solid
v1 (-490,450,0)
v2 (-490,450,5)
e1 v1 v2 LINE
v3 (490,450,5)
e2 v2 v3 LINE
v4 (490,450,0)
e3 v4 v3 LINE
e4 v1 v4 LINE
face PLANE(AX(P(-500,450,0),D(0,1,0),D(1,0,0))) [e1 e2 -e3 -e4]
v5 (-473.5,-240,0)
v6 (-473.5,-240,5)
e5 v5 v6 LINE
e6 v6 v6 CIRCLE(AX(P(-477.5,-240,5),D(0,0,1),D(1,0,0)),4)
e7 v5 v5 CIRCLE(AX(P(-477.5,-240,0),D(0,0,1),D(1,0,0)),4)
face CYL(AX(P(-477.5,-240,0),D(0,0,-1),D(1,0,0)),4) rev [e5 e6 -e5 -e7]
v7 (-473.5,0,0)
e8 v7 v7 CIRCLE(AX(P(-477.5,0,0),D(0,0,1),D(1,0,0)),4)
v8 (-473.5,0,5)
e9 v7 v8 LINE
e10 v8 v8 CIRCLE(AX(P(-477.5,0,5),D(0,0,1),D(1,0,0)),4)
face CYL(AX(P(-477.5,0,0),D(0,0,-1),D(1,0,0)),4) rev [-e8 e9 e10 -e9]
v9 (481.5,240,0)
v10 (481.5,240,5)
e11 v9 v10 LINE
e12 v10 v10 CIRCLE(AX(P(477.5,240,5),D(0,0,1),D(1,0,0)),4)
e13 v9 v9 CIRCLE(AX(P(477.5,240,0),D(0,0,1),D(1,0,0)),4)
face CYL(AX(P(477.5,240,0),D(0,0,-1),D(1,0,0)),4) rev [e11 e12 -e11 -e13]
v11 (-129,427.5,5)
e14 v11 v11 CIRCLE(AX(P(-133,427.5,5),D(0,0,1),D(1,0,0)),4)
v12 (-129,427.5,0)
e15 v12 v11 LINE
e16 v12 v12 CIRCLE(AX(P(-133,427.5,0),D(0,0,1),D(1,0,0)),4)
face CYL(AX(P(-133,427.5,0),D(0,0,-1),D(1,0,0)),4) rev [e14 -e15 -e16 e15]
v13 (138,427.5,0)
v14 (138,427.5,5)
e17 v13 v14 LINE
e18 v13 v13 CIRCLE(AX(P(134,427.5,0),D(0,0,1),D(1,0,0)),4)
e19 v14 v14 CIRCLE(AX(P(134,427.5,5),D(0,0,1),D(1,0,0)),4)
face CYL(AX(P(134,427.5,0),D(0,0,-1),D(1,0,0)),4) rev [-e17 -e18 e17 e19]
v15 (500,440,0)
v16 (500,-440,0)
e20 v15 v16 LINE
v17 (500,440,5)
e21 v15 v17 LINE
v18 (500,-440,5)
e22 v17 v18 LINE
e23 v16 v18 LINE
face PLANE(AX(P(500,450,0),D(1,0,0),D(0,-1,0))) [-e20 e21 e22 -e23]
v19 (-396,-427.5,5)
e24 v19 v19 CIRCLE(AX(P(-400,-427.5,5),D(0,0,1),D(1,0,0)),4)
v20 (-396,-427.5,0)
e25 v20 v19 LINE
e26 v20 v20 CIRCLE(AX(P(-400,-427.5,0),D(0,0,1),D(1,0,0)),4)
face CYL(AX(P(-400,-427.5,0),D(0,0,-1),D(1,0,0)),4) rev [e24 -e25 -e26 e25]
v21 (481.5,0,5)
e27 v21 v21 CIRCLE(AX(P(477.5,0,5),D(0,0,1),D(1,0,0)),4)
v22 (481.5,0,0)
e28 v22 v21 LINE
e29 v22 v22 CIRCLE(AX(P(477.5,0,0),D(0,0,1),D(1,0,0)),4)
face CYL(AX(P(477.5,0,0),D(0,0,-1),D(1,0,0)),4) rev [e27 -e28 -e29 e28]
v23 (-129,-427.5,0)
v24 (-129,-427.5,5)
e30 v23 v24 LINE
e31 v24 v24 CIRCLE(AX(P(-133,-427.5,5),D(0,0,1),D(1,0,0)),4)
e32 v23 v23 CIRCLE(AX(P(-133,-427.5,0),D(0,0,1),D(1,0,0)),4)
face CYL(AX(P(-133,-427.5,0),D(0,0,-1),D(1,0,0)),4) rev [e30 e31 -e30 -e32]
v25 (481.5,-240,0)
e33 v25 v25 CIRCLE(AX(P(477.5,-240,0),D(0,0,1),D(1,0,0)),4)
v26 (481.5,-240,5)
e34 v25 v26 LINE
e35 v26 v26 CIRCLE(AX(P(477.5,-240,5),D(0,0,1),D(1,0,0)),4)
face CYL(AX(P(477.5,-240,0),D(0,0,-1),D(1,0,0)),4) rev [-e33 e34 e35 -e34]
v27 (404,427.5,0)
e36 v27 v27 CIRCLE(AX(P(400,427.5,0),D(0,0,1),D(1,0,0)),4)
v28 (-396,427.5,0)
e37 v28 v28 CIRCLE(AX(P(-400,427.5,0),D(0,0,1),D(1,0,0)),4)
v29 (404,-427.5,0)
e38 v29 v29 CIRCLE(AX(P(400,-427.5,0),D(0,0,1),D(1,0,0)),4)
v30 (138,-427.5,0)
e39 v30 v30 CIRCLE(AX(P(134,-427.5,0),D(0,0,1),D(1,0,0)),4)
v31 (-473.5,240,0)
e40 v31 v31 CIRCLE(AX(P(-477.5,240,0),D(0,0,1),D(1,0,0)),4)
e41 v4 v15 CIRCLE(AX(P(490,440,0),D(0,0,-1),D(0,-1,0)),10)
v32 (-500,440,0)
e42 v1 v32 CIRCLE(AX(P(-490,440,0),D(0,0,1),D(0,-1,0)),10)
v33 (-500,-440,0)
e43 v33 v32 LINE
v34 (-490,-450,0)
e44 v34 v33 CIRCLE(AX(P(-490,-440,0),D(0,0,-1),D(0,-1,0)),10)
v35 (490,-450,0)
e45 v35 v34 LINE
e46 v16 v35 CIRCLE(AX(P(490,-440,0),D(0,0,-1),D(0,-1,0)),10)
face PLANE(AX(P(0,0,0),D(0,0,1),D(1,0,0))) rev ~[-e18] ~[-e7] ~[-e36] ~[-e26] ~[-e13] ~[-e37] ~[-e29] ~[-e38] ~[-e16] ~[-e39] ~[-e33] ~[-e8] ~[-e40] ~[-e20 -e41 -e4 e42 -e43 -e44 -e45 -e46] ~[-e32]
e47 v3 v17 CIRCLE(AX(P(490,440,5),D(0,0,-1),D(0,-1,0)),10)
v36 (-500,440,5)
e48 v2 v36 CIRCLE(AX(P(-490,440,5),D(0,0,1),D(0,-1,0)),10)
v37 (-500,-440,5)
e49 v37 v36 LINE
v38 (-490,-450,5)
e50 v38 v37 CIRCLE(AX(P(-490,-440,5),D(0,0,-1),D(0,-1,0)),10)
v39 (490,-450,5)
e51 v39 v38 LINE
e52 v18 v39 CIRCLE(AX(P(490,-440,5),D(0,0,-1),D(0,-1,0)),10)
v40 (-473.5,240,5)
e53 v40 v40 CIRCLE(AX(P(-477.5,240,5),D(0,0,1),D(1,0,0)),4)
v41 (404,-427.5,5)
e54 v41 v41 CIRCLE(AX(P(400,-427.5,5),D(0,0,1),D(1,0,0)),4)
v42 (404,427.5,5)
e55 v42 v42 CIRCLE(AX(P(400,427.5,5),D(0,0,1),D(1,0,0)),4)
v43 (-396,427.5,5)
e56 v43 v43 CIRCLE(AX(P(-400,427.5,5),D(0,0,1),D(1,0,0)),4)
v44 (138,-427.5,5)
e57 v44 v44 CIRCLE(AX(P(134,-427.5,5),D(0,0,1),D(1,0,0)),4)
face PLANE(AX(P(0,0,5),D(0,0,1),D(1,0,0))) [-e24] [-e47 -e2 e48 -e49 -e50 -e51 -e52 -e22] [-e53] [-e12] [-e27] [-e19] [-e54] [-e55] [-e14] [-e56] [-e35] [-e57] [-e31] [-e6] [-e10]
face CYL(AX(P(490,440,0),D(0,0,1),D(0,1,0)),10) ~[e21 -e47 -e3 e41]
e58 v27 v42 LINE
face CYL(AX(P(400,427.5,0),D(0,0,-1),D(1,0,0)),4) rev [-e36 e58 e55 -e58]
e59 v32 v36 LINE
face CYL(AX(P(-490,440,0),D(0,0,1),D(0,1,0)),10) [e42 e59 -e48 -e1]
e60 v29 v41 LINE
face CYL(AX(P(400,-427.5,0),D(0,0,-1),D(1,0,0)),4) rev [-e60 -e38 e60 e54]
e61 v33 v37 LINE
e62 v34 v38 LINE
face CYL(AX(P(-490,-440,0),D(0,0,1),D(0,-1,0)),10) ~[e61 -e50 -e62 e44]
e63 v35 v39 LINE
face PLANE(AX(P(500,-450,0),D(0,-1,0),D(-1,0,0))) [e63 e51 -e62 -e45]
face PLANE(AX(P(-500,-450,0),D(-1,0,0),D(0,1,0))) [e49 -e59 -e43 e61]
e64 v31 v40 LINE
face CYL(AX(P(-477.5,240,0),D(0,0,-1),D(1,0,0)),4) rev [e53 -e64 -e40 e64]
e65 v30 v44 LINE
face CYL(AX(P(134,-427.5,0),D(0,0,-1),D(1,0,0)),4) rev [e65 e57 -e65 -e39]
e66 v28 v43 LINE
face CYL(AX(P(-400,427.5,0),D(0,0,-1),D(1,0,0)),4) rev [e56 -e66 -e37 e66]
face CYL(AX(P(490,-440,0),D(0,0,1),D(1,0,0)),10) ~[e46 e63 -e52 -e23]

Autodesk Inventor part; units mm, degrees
ref_plane "YZ Plane" through (0, 0, 0) normal (1, 0, 0) x (0, 1, 0)
ref_plane "XZ Plane" through (0, 0, 0) normal (0, 1, 0) x (-1, 0, 0)
ref_plane "XY Plane" through (0, 0, 0) normal (0, 0, 1) x (1, 0, 0)
sketch "Boceto1" plane through (0, 0, 0) normal (0, 0, 1) x (1, 0, 0)
  line L0 (-500, 450) -> (500, 450)
  line L1 (500, 450) -> (500, -450)
  line L2 (500, -450) -> (-500, -450)
  line L3 (-500, -450) -> (-500, 450)
  circle A0 centre (-400, 427.5) radius 4
  circle A1 centre (400, 427.5) radius 4
  circle A2 centre (-133, 427.5) radius 4
  circle A3 centre (134, 427.5) radius 4
  circle A4 centre (-400, -427.5) radius 4
  circle A5 centre (-133, -427.5) radius 4
  circle A6 centre (134, -427.5) radius 4
  circle A7 centre (400, -427.5) radius 4
  circle A8 centre (-477.5, 240) radius 4
  circle A9 centre (-477.5, 0) radius 4
  circle A10 centre (-477.5, -240) radius 4
  circle A11 centre (477.5, 240) radius 4
  circle A12 centre (477.5, 0) radius 4
  circle A13 centre (477.5, -240) radius 4
  point P0 (0, 0)
  point P1 (0, 450)
  point P2 (500, 0)
  point P3 (-500, 0)
  dimension "d0" = 1000
  dimension "d4" = 900
  dimension "d5" = 8
  dimension "d6" = 22.5
  dimension "d7" = 100
  dimension "d8" = 100
  dimension "d9" = 267
  dimension "d10" = 267
  dimension "d11" = 22.5
  dimension "d12" = 22.5
  dimension "d14" = 240
  dimension "d15" = 240
  dimension "d16" = 22.5
extrude "Extrusión1" add sketch "Boceto1" along normal blind 5
fillet "Empalme1" radius 10 4 edges at (500, 450, 2.5) (-500, 450, 2.5) (500, -450, 2.5) (-500, -450, 2.5)
equation "\"d8\" = d7"
equation "\"d10\" = d9"
equation "\"d11\" = d6"
equation "\"d12\" = d11"
equation "\"d15\" = d14"
equation "\"d16\" = d12"
properties part number "1mx1m" material "Hierro, fundido"
